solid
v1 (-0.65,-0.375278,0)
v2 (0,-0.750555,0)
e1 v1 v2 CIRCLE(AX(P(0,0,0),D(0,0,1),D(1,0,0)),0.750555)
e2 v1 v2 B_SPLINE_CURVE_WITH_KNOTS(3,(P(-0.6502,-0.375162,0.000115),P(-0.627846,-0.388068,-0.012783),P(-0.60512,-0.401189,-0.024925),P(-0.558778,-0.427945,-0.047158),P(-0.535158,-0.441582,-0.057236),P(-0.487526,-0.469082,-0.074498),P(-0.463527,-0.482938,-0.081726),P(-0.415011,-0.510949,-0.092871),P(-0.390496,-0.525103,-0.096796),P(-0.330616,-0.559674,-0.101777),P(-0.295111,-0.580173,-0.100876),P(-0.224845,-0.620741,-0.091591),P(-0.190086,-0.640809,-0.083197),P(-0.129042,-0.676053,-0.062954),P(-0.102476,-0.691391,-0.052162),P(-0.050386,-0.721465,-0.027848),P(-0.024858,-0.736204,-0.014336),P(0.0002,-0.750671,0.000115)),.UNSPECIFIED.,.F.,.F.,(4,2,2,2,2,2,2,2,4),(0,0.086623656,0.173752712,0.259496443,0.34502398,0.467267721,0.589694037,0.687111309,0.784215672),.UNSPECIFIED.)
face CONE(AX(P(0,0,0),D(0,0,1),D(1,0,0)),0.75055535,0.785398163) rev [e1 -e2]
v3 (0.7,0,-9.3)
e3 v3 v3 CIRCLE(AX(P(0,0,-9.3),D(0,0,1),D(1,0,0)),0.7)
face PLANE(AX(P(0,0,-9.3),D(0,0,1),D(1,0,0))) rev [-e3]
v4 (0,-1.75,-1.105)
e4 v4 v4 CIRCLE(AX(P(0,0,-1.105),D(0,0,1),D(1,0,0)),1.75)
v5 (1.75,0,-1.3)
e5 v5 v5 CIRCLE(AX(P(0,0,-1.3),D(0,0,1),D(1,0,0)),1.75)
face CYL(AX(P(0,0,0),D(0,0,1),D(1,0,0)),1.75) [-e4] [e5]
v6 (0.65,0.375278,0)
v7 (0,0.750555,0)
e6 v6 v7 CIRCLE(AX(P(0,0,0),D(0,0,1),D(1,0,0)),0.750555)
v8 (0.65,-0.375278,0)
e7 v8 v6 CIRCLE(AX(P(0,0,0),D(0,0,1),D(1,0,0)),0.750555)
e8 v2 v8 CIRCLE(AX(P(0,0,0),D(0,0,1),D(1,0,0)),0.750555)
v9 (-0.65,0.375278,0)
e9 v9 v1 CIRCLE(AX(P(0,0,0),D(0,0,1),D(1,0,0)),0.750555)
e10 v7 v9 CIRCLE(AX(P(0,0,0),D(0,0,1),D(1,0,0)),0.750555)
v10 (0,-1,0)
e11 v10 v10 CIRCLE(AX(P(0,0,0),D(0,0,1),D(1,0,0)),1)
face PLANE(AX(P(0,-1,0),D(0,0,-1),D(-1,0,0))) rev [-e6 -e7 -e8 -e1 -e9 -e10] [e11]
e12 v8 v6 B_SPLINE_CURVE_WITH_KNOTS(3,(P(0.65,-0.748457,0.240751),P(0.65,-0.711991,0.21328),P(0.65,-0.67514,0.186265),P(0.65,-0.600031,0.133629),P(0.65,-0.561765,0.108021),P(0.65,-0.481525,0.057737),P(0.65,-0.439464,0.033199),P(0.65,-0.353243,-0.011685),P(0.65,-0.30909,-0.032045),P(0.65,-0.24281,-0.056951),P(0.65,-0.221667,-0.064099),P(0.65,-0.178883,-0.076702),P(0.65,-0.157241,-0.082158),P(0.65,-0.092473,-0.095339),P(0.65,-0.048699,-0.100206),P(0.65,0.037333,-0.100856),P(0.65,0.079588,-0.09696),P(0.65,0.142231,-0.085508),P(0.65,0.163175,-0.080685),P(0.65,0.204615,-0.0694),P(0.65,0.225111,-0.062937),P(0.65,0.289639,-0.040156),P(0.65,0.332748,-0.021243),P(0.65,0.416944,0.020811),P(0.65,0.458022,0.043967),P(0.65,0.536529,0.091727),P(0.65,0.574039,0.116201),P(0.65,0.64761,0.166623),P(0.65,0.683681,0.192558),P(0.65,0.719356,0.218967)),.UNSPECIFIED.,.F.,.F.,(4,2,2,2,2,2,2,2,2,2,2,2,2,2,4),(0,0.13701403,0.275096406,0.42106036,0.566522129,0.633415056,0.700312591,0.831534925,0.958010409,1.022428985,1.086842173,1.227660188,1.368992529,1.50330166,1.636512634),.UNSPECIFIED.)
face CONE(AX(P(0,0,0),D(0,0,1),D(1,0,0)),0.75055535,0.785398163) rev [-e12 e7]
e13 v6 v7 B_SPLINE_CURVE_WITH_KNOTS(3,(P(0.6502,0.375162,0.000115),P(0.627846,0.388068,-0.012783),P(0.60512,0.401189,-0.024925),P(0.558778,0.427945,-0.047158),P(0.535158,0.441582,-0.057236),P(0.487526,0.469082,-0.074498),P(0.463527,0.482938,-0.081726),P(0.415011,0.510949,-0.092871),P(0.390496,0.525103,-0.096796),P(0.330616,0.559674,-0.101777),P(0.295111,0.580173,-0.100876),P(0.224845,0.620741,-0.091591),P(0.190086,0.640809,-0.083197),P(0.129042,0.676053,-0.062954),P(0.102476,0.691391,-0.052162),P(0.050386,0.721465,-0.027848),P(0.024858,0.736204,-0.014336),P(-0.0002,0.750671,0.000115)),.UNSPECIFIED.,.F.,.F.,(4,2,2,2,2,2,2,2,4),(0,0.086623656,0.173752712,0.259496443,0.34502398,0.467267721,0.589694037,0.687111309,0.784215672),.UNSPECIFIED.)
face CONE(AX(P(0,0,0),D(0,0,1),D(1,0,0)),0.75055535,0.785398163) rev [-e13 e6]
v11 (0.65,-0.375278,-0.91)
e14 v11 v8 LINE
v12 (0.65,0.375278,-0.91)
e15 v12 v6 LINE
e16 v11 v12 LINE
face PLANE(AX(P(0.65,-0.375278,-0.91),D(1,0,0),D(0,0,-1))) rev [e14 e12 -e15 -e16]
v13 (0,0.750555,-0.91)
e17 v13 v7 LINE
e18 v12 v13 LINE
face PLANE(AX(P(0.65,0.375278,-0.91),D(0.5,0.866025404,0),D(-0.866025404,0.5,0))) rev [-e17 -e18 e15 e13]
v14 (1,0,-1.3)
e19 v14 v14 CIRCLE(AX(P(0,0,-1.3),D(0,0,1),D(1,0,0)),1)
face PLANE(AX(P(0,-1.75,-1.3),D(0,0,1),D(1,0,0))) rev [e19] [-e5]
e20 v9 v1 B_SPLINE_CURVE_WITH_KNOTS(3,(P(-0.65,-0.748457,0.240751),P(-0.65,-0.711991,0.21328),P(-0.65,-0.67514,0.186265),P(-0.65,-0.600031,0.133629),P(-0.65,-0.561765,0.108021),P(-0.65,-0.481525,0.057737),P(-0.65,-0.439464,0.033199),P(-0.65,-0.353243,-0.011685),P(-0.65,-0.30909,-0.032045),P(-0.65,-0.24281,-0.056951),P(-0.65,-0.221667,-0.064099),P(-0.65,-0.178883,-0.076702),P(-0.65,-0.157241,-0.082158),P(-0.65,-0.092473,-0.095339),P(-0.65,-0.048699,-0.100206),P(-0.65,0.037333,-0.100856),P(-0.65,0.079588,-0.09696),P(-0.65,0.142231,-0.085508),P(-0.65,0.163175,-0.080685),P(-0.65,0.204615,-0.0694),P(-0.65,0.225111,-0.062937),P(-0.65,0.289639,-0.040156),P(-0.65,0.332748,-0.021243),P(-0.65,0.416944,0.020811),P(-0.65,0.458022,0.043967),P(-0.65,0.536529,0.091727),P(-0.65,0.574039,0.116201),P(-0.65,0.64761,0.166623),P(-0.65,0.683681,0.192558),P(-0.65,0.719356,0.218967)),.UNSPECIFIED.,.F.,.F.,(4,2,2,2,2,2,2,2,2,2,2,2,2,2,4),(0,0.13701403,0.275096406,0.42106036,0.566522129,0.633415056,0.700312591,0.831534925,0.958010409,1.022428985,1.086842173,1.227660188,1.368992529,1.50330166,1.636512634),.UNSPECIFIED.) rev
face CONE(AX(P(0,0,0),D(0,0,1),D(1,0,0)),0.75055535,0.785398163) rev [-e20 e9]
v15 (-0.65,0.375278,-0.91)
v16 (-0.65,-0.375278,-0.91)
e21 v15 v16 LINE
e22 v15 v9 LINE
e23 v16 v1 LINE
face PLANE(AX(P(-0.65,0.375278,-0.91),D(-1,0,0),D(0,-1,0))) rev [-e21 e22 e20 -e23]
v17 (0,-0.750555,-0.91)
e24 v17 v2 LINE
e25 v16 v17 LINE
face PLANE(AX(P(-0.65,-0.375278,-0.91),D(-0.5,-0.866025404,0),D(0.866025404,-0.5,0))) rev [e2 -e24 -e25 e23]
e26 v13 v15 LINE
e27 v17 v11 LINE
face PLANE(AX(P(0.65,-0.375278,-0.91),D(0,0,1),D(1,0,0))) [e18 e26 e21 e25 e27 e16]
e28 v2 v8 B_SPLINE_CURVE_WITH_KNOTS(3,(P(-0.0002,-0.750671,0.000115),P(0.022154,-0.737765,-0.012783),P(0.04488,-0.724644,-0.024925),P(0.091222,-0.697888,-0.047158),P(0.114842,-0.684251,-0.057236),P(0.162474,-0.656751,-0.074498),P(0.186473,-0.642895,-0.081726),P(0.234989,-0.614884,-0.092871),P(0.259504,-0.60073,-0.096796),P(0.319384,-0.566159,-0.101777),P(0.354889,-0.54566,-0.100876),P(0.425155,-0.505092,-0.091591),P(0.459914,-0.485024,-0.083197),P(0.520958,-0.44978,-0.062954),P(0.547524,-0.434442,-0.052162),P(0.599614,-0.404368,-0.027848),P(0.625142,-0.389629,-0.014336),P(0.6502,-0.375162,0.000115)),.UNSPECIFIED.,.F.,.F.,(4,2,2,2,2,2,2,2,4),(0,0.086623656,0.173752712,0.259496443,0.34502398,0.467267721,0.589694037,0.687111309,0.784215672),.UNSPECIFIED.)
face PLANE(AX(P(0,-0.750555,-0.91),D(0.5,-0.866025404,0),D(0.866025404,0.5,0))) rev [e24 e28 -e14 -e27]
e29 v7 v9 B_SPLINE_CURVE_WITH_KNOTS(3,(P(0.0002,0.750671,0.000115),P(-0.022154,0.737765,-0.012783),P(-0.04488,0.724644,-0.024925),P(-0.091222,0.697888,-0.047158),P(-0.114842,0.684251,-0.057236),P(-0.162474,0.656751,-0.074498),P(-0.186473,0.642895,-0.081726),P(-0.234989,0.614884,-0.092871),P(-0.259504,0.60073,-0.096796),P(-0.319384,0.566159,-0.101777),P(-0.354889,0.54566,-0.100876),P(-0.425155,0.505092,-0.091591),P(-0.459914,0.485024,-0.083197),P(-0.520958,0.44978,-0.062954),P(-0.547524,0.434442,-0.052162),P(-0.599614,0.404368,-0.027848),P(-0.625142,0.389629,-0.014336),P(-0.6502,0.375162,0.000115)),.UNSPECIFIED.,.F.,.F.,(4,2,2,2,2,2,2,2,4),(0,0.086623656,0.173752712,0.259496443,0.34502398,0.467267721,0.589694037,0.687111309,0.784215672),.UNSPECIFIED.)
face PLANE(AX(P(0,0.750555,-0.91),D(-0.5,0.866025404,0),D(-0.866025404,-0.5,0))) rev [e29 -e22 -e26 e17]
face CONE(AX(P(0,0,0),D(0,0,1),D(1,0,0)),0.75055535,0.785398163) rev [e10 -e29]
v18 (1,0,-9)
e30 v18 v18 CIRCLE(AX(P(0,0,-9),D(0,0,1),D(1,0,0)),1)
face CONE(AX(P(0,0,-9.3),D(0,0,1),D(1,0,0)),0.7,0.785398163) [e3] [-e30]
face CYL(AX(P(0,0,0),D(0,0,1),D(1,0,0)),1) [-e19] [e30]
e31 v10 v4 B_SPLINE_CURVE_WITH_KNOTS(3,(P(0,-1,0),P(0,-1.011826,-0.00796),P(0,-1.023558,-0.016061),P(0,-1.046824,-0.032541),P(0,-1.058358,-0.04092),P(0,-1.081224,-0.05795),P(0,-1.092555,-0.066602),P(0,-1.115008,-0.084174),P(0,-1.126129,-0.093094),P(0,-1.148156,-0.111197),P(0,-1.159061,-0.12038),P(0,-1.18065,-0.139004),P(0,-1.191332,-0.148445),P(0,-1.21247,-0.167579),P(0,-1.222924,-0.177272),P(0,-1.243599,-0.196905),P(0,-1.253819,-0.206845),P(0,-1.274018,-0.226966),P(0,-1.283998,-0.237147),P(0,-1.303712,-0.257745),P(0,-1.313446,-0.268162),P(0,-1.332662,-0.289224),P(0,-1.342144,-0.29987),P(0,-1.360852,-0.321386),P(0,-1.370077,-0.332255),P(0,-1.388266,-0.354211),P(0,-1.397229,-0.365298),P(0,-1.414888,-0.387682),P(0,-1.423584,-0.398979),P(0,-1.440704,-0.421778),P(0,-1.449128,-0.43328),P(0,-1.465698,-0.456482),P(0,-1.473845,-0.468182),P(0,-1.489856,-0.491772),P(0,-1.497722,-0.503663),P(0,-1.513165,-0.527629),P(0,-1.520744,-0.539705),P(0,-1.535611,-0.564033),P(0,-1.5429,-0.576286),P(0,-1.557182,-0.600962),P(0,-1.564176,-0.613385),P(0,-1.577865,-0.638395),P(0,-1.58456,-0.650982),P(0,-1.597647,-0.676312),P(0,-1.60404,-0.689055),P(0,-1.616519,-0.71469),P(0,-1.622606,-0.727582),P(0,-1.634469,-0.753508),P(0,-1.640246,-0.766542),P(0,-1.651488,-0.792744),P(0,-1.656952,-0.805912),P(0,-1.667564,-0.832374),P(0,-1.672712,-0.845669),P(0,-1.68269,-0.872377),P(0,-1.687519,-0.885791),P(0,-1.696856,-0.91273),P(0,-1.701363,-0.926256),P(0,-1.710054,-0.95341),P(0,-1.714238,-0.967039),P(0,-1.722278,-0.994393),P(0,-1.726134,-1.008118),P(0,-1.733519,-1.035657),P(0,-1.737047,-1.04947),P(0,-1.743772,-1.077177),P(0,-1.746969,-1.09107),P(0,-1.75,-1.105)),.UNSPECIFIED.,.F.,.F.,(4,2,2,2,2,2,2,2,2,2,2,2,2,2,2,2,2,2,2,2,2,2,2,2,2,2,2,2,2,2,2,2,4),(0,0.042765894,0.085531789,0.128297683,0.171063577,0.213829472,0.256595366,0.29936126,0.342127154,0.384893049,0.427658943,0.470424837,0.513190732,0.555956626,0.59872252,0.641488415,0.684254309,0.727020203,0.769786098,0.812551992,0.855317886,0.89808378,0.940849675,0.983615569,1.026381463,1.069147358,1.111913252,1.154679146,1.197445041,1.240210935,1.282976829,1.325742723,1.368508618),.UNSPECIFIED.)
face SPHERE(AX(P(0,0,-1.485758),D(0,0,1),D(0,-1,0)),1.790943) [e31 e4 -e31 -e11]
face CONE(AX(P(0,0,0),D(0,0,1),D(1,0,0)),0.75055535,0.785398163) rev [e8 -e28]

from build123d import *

# Parameters (mm, degrees)
CUT_EXTRUDE2_DEPTH = 0.91


with BuildPart() as part:
    # Sketch10 → Revolve3 (revolve)
    with BuildSketch(Plane(origin=(0, 0, 0), x_dir=(0, 0, -1), z_dir=(1, 0, 0))):
        Polygon((9, 1), (9.3, 0.7), (9.3, 0), (1.3, 0), (1.3, 1), align=None)
    revolve(axis=Axis((0, 0, 0), (0, 0, -1)))

    # Sketch7 → Revolve2 (revolve)
    with BuildSketch(Plane(origin=(0, 0, 0), x_dir=(0, 0, -1), z_dir=(1, 0, 0))):
        with BuildLine():
            Line((1.105, 1.75), (1.3, 1.75))
            Line((1.3, 1.75), (1.3, 0))
            Line((1.3, 0), (0, 0))
            Line((0, 0), (0, 1))
            ThreePointArc((0, 1), (0.479976957, 1.481850617), (1.105, 1.75))
        make_face()
    revolve(axis=Axis((0, 0, 0), (0, 0, -1)))

    # Sketch5 → Cut-Extrude2 (cut)
    with BuildSketch(Plane.XY):
        Polygon((0.65, -0.375277675), (0.65, 0.375277675), (0, 0.75055535), (-0.65, 0.375277675), (-0.65, -0.375277675), (0, -0.75055535), align=None)
    extrude(amount=-CUT_EXTRUDE2_DEPTH, mode=Mode.SUBTRACT)

    # Cut-Extrude3 cone 1 section (through the dimple's axis) → Cut-Extrude3 (revolve, cut)
    with BuildSketch(Plane(origin=(0, 0, 0), x_dir=(0, -1, 0), z_dir=(1, 0, 0))):
        Polygon((0, 0), (0.75055535, 0), (0, 0.75055535), align=None)
    revolve(axis=Axis((0, 0, 0), (0, 0, -1)), mode=Mode.SUBTRACT)


solid = part.part
